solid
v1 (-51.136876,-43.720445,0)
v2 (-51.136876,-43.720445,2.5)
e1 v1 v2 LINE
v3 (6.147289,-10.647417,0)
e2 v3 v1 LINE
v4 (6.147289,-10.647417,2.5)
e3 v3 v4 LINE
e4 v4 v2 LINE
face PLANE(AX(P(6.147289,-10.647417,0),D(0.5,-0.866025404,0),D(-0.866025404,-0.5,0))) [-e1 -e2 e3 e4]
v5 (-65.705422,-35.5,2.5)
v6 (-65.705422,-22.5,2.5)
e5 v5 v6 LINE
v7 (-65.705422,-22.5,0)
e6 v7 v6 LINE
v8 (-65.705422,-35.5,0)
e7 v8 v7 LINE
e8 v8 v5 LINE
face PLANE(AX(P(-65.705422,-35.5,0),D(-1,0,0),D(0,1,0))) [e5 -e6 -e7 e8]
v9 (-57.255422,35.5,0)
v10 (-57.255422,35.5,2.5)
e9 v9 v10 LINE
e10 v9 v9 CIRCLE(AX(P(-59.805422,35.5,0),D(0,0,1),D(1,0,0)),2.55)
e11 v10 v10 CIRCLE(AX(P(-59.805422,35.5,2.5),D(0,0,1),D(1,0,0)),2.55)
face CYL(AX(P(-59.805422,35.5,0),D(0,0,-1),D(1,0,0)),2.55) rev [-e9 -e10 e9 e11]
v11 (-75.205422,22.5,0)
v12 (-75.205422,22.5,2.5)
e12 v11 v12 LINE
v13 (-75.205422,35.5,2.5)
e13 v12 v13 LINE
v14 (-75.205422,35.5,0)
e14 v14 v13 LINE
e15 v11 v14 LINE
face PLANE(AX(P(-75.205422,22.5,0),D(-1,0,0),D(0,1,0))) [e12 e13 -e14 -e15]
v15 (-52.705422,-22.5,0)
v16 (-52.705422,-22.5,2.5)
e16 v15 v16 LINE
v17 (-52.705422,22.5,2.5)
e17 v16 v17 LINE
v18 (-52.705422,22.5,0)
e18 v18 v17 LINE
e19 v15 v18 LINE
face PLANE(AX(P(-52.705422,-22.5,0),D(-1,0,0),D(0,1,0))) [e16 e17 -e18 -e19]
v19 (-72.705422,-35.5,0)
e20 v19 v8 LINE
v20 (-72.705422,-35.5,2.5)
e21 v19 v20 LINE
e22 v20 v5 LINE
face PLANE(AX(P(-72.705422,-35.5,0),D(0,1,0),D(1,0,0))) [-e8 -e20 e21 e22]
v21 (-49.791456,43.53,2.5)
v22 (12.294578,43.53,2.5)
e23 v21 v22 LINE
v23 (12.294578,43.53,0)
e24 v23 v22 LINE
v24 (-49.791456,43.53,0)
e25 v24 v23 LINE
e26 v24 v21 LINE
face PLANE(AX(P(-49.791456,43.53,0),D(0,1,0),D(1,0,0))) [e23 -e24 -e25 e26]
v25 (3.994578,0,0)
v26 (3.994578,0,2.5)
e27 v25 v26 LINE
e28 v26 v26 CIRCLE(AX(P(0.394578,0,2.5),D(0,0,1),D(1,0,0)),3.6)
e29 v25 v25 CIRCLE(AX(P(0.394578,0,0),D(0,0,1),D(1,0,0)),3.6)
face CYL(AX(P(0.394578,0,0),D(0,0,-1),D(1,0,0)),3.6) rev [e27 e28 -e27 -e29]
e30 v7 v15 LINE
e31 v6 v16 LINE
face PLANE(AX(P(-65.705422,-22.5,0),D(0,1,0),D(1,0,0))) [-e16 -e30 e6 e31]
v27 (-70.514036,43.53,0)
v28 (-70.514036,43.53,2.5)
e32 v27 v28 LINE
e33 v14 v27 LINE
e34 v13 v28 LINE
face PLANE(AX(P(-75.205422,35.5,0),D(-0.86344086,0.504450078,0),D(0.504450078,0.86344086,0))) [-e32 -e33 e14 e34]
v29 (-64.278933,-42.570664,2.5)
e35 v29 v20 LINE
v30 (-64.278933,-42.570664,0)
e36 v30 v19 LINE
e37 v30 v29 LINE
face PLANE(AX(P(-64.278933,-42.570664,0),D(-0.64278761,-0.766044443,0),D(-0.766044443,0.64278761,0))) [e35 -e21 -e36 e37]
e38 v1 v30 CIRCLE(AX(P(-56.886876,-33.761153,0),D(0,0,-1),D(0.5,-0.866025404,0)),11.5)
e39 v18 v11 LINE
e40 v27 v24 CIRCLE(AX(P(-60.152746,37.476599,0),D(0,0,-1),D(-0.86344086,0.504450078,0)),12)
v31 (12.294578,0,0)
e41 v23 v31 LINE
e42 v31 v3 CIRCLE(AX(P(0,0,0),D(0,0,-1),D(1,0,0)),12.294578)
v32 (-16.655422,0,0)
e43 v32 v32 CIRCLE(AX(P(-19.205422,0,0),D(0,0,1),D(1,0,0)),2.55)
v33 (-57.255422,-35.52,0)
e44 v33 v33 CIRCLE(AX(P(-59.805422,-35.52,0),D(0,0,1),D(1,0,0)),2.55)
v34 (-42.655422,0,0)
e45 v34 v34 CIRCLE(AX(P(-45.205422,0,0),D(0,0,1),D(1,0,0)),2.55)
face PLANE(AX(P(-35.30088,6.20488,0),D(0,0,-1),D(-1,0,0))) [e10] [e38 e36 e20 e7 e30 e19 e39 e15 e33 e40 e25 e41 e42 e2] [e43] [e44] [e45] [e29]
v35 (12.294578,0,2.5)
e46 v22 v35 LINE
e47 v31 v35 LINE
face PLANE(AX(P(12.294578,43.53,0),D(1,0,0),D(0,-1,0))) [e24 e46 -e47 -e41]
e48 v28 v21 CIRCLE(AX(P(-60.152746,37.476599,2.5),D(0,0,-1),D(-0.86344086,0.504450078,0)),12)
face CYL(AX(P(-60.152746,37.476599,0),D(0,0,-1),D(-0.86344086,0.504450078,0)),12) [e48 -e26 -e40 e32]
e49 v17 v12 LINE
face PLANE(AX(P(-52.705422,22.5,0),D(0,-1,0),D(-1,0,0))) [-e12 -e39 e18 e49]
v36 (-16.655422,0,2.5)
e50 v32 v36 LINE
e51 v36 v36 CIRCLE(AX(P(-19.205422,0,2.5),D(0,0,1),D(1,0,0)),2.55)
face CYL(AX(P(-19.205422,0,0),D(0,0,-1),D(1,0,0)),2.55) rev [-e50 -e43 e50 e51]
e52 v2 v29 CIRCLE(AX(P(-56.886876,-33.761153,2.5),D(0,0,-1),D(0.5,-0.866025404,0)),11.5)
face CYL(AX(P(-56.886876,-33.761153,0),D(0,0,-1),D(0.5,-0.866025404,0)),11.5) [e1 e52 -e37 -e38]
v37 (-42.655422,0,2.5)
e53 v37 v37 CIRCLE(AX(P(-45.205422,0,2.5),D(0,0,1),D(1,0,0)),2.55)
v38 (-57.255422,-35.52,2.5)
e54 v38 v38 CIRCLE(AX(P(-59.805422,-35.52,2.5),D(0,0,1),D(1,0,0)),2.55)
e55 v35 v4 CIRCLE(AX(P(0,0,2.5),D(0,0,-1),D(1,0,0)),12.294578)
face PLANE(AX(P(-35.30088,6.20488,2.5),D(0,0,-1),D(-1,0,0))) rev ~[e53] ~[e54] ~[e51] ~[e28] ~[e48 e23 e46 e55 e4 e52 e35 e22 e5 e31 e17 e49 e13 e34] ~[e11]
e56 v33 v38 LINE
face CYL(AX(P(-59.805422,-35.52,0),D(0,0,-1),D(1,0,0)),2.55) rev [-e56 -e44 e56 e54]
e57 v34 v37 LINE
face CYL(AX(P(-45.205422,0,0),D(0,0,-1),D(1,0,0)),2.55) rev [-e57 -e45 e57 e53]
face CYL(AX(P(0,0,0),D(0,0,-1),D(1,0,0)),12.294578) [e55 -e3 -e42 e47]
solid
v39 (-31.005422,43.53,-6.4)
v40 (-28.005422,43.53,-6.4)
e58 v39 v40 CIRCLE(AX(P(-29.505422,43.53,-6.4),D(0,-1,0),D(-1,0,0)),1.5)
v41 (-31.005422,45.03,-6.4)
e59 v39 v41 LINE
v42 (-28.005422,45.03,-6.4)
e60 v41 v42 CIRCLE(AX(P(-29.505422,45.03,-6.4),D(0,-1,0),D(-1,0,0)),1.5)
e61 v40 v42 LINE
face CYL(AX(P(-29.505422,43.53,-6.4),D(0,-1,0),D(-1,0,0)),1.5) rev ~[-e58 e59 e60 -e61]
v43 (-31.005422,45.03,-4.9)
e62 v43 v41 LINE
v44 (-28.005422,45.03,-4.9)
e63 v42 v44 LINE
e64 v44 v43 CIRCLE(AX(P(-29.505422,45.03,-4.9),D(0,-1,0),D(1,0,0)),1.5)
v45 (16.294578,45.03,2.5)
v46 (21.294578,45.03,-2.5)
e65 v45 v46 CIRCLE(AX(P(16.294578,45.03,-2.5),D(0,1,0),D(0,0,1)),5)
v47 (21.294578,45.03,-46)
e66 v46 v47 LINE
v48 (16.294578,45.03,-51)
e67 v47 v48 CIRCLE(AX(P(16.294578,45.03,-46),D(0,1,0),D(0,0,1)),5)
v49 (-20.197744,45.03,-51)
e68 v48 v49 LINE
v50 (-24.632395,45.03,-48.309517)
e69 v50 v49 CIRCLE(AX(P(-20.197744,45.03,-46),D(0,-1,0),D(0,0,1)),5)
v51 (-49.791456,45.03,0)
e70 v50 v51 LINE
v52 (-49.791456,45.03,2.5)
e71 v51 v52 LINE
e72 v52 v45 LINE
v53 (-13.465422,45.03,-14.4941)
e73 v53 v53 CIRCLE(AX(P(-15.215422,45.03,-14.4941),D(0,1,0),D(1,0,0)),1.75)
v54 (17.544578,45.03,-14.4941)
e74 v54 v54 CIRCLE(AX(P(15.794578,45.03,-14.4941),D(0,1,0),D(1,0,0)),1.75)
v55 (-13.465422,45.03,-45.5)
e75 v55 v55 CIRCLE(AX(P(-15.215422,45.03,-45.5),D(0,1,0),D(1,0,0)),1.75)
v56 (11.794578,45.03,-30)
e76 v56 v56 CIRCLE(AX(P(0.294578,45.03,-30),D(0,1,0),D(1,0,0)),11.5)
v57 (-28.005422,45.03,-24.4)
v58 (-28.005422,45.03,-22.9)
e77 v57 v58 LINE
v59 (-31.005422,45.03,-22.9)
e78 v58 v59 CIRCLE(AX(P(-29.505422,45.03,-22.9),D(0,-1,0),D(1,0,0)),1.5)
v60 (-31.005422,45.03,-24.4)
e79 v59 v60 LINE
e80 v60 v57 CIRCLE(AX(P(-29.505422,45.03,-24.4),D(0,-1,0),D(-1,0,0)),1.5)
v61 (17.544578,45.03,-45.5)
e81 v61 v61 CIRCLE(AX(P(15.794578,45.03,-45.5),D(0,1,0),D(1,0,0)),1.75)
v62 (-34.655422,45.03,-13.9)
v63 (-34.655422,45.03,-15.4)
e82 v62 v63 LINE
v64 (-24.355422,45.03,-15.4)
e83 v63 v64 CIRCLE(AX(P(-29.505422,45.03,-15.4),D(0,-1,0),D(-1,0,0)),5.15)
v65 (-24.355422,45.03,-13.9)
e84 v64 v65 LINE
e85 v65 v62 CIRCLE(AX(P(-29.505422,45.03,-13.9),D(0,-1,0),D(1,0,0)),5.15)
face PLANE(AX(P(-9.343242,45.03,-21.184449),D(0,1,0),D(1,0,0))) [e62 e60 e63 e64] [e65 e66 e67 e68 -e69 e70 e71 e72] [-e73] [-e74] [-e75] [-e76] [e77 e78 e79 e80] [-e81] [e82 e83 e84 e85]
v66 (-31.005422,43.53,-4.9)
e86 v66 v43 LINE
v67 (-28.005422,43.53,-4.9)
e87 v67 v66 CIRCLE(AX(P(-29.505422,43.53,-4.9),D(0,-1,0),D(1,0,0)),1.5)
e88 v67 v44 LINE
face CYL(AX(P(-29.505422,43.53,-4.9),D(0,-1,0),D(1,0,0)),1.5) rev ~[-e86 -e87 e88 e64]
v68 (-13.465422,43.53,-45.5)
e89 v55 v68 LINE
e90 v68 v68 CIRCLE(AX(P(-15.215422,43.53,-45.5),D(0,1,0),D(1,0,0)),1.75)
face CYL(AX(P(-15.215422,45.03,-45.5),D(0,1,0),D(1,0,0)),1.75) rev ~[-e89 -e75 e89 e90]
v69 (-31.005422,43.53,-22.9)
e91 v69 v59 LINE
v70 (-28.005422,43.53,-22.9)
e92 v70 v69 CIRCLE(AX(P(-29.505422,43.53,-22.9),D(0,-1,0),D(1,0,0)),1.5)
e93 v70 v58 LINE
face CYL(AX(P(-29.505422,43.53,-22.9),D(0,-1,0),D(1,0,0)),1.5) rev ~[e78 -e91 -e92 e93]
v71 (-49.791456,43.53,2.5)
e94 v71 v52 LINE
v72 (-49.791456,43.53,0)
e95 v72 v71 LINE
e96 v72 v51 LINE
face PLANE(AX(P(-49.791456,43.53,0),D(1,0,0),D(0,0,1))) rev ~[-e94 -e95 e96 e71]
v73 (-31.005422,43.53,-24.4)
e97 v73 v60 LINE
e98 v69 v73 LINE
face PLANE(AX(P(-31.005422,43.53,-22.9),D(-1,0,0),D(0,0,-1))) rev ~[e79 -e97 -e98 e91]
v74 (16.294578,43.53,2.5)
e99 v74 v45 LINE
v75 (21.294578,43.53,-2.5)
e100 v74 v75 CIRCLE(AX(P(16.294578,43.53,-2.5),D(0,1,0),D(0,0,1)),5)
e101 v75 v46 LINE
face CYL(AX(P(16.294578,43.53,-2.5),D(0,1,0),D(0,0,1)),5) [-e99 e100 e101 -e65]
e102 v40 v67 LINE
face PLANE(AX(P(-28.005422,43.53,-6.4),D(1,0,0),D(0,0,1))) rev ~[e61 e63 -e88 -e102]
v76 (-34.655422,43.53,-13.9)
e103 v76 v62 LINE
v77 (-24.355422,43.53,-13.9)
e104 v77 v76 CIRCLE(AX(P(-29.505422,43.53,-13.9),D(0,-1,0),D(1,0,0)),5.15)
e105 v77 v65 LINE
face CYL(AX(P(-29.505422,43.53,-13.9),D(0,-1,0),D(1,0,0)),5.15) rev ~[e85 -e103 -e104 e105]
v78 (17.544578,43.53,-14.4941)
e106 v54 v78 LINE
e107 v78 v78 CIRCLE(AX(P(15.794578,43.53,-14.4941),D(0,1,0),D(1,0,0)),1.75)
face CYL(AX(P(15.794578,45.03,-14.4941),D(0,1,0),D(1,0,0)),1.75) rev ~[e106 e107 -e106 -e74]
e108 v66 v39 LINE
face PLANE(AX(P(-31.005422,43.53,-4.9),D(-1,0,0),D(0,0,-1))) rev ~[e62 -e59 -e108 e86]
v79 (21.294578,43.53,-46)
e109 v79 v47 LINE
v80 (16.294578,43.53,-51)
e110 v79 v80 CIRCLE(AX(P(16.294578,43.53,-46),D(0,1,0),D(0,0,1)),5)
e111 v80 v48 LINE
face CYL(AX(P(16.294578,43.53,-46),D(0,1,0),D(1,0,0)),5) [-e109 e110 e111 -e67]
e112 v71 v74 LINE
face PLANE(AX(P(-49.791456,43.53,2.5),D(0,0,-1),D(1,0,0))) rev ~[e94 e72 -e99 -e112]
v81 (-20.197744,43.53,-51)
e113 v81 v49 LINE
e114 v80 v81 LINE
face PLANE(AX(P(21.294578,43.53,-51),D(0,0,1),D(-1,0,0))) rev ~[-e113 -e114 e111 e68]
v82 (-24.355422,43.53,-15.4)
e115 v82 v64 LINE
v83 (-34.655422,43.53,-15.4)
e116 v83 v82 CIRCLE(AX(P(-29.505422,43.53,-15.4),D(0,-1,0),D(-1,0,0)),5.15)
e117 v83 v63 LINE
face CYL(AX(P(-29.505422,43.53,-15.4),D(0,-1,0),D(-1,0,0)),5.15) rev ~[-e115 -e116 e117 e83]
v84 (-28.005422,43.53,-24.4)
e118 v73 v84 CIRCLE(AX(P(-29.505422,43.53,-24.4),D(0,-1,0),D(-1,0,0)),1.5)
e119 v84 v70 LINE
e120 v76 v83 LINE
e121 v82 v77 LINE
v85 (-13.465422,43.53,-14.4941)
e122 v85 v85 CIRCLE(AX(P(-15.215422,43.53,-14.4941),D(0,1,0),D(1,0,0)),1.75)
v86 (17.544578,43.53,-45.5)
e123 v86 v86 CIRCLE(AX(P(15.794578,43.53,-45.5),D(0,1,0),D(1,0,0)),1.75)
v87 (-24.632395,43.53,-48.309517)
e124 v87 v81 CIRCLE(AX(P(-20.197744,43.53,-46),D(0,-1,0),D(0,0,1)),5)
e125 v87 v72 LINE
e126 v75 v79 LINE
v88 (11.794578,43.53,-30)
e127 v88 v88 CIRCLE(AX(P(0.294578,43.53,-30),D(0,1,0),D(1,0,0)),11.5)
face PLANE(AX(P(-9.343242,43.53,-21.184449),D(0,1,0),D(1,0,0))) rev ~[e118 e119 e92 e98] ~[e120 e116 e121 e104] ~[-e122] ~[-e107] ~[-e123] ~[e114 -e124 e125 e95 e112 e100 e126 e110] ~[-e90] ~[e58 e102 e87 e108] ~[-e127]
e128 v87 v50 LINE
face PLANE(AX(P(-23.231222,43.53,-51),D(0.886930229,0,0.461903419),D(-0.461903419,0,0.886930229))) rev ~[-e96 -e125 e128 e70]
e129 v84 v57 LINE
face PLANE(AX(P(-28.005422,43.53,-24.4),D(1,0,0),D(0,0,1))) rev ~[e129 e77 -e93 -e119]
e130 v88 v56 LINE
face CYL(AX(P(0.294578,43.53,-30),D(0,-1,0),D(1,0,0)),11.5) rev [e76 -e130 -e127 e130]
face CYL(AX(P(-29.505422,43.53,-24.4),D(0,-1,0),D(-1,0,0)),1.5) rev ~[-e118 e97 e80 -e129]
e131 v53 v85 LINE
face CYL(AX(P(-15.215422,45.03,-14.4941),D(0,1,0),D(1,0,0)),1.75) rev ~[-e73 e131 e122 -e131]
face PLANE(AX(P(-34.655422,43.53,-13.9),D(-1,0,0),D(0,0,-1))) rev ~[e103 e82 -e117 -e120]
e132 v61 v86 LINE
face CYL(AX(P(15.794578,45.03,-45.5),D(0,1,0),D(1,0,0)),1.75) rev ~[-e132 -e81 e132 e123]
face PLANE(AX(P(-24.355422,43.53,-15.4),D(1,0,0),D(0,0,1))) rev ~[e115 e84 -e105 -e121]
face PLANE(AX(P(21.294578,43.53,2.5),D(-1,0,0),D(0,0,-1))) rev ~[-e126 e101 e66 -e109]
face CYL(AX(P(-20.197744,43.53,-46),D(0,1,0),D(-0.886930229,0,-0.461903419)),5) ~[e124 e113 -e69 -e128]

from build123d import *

# Parameters (mm, degrees)
SKETCH1_R           = 2.55
SKETCH1_R_2         = 3.6
BOSS_EXTRUDE1_DEPTH = 2.5
SKETCH3_R           = 11.5
BOSS_EXTRUDE2_DEPTH = 1.5
SKETCH5_R           = 1.75
CUT_EXTRUDE1_DEPTH  = 91.291152611
FILLET1_R           = 5


with BuildPart() as part:
    # Sketch1 → Boss-Extrude1 (new body)
    with BuildSketch(Plane.XY):
        with BuildLine():
            Line((-75.205421971, 35.5), (-70.514036248, 43.53))
            ThreePointArc((-70.514036248, 43.53), (-60.152745925, 49.476599067), (-49.791455603, 43.53))
            Line((-49.791455603, 43.53), (12.294578029, 43.53))
            Line((12.294578029, 43.53), (12.294578029, 0))
            ThreePointArc((12.294578029, 0), (10.647416902, -6.147289015), (6.147289015, -10.647416902))
            Line((6.147289015, -10.647416902), (-51.136875585, -43.720444754))
            ThreePointArc((-51.136875585, -43.720444754), (-57.889166626, -45.217391639), (-64.278933096, -42.570663707))
            Line((-64.278933096, -42.570663707), (-72.705421971, -35.5))
            Line((-72.705421971, -35.5), (-65.705421971, -35.5))
            Line((-65.705421971, -35.5), (-65.705421971, -22.5))
            Line((-65.705421971, -22.5), (-52.705421971, -22.5))
            Line((-52.705421971, -22.5), (-52.705421971, 22.5))
            Line((-52.705421971, 22.5), (-75.205421971, 22.5))
            Line((-75.205421971, 22.5), (-75.205421971, 35.5))
        make_face()
        with Locations((-59.805421971, 35.5)):
            Circle(SKETCH1_R, mode=Mode.SUBTRACT)
        with Locations((-59.805421971, -35.52)):
            Circle(SKETCH1_R, mode=Mode.SUBTRACT)
        with Locations((-45.205421971, 0)):
            Circle(SKETCH1_R, mode=Mode.SUBTRACT)
        with Locations((-19.205421971, 0)):
            Circle(SKETCH1_R, mode=Mode.SUBTRACT)
        with Locations((0.394578029, 0)):
            Circle(SKETCH1_R_2, mode=Mode.SUBTRACT)
    extrude(amount=BOSS_EXTRUDE1_DEPTH)


with BuildPart() as body_2:
    # Sketch3 → Boss-Extrude2 (new body)
    with BuildSketch(Plane(origin=(0, 43.53, 0), x_dir=(1, 0, 0), z_dir=(0, 1, 0))):
        Polygon((-49.791455603, -2.5), (21.294578029, -2.5), (21.294578029, 51), (-23.231221686, 51), (-49.791455603, 0), align=None)
        with Locations((0.294578029, 30)):
            Circle(SKETCH3_R, mode=Mode.SUBTRACT)
        with BuildLine():
            Line((-24.355421971, 15.4), (-24.355421971, 13.9))
            ThreePointArc((-24.355421971, 13.9), (-29.505421971, 8.75), (-34.655421971, 13.9))
            Line((-34.655421971, 13.9), (-34.655421971, 15.4))
            ThreePointArc((-34.655421971, 15.4), (-29.505421971, 20.55), (-24.355421971, 15.4))
        make_face(mode=Mode.SUBTRACT)
        with BuildLine():
            Line((-28.005421971, 24.4), (-28.005421971, 22.9))
            ThreePointArc((-28.005421971, 22.9), (-29.505421971, 21.4), (-31.005421971, 22.9))
            Line((-31.005421971, 22.9), (-31.005421971, 24.4))
            ThreePointArc((-31.005421971, 24.4), (-29.505421971, 25.9), (-28.005421971, 24.4))
        make_face(mode=Mode.SUBTRACT)
        with BuildLine():
            Line((-28.005421971, 6.4), (-28.005421971, 4.9))
            ThreePointArc((-28.005421971, 4.9), (-29.505421971, 3.4), (-31.005421971, 4.9))
            Line((-31.005421971, 4.9), (-31.005421971, 6.4))
            ThreePointArc((-31.005421971, 6.4), (-29.505421971, 7.9), (-28.005421971, 6.4))
        make_face(mode=Mode.SUBTRACT)
    extrude(amount=BOSS_EXTRUDE2_DEPTH)

    # Sketch5 → Cut-Extrude1 (cut, through all)
    with BuildSketch(Plane(origin=(0, 45.03, 0), x_dir=(1, 0, 0), z_dir=(0, 1, 0))):
        with Locations((-15.215421971, 45.5)):
            Circle(SKETCH5_R)
        with Locations((-15.215421971, 14.49409974)):
            Circle(SKETCH5_R)
        with Locations((15.794578029, 45.5)):
            Circle(SKETCH5_R)
        with Locations((15.794578029, 14.49409974)):
            Circle(SKETCH5_R)
    extrude(amount=-CUT_EXTRUDE1_DEPTH, mode=Mode.SUBTRACT)

    # Fillet1
    fillet1_edges = [body_2.edges().sort_by_distance(p)[0] for p in [
        (-23.231221686, 44.28, -51),
        (21.294578029, 44.28, -51),
        (21.294578029, 44.28, 2.5),
    ]]
    fillet(fillet1_edges, radius=FILLET1_R)


solid = Compound([part.part, body_2.part])
